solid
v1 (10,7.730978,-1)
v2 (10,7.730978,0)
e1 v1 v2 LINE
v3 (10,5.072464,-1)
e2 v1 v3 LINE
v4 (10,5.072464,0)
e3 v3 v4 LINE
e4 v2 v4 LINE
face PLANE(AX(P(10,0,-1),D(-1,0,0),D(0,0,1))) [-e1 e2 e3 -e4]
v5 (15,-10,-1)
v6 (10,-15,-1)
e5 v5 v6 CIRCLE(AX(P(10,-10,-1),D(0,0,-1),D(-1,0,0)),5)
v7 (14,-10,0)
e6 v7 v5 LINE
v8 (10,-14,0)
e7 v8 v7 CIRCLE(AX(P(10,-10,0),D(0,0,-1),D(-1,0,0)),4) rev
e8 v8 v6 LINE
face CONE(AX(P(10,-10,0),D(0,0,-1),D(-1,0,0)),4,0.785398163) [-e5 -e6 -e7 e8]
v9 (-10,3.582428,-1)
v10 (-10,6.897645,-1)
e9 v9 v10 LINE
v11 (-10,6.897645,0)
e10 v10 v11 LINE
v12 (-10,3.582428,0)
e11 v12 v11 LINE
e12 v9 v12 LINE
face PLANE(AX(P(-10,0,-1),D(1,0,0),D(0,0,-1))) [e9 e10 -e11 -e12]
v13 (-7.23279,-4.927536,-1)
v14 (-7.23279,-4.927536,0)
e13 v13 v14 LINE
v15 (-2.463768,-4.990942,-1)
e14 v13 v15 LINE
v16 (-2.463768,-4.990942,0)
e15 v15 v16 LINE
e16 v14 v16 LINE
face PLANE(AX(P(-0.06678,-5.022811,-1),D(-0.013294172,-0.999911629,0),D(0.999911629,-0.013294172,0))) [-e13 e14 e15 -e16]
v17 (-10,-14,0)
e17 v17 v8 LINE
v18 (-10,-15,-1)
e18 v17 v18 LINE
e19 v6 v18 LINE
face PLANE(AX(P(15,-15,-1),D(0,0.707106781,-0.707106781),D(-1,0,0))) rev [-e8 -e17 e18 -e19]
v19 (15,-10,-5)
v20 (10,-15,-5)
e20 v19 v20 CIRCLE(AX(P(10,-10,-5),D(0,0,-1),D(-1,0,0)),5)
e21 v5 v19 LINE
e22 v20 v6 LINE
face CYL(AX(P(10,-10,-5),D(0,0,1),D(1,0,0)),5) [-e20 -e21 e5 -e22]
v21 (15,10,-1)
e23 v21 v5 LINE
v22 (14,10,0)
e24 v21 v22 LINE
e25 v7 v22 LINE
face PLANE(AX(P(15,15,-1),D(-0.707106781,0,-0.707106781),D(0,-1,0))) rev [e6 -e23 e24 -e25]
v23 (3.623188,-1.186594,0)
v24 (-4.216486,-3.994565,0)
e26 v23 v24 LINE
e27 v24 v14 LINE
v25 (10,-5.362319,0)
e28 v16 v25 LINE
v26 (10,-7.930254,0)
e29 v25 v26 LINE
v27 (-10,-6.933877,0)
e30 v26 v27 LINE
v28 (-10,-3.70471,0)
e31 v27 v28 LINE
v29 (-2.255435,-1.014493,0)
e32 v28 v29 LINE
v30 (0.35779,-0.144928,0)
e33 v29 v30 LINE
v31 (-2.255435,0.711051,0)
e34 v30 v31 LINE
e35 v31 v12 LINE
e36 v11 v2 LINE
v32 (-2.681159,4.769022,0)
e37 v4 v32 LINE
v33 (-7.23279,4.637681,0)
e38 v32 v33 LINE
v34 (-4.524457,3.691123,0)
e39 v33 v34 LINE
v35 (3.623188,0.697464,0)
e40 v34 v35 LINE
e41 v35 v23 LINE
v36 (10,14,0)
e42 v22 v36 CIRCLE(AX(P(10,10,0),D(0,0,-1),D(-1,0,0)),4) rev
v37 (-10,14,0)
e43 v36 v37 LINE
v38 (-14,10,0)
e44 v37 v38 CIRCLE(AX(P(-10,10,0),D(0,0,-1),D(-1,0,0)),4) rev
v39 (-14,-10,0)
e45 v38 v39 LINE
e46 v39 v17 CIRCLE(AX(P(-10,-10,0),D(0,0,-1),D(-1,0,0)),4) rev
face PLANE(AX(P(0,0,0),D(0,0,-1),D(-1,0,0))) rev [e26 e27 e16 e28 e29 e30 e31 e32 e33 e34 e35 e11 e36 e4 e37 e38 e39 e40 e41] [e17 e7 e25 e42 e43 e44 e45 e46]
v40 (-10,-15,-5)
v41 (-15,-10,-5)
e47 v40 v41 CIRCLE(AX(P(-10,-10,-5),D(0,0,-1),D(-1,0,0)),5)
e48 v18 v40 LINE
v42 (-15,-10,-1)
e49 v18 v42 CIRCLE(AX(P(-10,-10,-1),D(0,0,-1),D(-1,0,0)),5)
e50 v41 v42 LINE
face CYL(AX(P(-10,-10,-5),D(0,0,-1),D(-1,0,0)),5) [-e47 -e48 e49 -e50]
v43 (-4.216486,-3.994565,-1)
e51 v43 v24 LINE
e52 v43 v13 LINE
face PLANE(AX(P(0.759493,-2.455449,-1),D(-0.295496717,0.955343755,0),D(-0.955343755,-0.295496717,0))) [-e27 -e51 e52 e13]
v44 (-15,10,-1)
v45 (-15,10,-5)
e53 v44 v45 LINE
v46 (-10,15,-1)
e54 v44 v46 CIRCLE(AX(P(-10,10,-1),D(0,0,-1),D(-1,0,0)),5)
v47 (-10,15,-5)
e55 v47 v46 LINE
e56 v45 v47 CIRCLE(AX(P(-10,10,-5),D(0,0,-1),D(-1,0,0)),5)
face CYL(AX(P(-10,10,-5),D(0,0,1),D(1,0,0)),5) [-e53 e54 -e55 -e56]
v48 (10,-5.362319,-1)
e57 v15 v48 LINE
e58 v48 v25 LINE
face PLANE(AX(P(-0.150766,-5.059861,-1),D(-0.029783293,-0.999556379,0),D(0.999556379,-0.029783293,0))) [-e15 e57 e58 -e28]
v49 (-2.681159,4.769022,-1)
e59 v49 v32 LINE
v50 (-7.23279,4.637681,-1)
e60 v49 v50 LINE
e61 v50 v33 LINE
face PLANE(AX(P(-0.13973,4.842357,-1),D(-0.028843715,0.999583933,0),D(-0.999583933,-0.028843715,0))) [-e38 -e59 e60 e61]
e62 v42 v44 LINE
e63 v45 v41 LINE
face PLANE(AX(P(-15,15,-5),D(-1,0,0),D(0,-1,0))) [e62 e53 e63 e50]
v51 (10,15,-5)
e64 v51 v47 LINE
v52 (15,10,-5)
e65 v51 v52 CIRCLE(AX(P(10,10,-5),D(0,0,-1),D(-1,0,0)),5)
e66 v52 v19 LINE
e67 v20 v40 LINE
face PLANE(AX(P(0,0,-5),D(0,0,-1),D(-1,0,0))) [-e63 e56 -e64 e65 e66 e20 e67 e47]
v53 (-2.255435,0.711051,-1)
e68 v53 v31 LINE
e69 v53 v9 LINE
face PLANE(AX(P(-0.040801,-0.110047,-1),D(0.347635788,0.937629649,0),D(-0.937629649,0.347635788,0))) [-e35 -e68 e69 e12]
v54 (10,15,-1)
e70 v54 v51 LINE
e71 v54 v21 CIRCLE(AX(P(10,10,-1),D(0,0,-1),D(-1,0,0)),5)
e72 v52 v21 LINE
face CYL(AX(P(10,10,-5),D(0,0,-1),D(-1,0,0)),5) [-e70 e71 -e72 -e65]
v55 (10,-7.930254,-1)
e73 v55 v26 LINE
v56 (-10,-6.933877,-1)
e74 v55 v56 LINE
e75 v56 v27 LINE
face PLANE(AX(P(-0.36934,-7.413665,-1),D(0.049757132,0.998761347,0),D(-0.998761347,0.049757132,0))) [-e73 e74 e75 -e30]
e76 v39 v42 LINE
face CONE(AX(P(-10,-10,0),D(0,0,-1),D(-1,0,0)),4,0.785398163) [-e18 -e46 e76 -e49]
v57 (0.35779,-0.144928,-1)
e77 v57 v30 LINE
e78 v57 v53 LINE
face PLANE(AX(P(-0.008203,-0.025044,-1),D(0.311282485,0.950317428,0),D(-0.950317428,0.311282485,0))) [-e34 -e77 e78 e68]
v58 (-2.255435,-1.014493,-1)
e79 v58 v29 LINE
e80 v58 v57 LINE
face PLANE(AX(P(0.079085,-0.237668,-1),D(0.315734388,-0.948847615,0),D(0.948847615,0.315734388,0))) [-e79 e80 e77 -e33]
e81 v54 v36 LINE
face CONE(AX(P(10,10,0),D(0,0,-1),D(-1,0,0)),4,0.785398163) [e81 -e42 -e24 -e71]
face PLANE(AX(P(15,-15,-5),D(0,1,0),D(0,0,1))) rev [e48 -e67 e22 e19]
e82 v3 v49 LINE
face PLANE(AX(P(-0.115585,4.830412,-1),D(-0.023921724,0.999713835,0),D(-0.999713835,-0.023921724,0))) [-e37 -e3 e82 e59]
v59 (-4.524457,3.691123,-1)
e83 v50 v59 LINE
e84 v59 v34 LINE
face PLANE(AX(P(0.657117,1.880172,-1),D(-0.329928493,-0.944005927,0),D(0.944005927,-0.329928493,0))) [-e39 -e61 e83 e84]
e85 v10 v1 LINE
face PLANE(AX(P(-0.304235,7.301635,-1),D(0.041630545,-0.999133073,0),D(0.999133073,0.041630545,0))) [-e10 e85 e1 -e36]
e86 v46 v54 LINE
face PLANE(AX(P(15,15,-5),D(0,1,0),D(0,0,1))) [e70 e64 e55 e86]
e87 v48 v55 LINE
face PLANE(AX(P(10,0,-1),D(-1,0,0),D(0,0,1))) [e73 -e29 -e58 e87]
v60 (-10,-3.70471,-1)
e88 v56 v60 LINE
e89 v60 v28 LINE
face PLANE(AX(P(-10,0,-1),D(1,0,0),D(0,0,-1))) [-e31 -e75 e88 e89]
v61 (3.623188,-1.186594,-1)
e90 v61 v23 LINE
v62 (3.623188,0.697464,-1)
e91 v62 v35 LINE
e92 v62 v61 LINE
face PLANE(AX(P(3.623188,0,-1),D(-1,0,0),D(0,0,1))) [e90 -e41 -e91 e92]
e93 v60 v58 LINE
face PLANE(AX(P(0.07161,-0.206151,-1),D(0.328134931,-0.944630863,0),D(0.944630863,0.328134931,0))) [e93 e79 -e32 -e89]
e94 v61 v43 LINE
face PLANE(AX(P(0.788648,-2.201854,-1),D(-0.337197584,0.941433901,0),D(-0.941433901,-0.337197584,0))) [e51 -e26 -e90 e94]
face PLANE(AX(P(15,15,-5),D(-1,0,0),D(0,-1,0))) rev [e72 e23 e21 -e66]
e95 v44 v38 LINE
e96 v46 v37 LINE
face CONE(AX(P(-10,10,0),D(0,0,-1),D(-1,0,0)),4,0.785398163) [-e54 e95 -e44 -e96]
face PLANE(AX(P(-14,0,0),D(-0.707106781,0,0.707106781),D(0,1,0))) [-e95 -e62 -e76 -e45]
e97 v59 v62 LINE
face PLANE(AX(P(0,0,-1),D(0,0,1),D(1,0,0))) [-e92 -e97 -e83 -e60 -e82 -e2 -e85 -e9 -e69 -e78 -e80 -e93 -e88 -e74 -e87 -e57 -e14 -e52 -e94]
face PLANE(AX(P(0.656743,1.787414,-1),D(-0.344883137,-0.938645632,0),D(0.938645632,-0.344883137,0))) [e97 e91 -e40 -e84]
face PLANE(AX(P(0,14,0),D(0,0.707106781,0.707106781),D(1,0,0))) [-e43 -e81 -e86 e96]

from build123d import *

# Parameters (mm, degrees)
SKETCH1_W             = 30
SKETCH1_H             = 30
BOSS_EXTRUDE1_DEPTH   = 5
SKETCH1_3_OUTSIDE_W   = 40.544
SKETCH1_3_OUTSIDE_H   = 40.544
SKETCH1_3_OUTSIDE_W_2 = 30
SKETCH1_3_OUTSIDE_H_2 = 30
CUT_EXTRUDE1_DEPTH    = 1
FILLET1_R             = 5
CHAMFER1_SIZE         = 1


with BuildPart() as part:
    # Sketch1 → Boss-Extrude1 (new body)
    with BuildSketch(Plane(origin=(0, 0, 0), x_dir=(0, 1, 0), z_dir=(0, 0, 1))):
        Rectangle(SKETCH1_W, SKETCH1_H)
    extrude(amount=-BOSS_EXTRUDE1_DEPTH)

    # Sketch1<3> outside → Cut-Extrude1 (cut)
    # profile 1 of 2: a face of its own
    with BuildSketch(Plane(origin=(0, 0, 0), x_dir=(0, 1, 0), z_dir=(0, 0, 1))):
        Rectangle(SKETCH1_3_OUTSIDE_W, SKETCH1_3_OUTSIDE_H)
        Rectangle(SKETCH1_3_OUTSIDE_W_2, SKETCH1_3_OUTSIDE_H_2, mode=Mode.SUBTRACT)
    # profile 2 of 2: a face of its own
    with BuildSketch(Plane(origin=(0, 0, 0), x_dir=(0, 1, 0), z_dir=(0, 0, 1))):
        Polygon((7.730978261, -10), (5.072463768, -10), (4.769021739, 2.68115942), (4.637681159, 7.232789855), (3.691123188, 4.524456522), (0.697463768, -3.623188406), (-1.186594203, -3.623188406), (-3.994565217, 4.216485507), (-4.927536232, 7.232789855), (-4.990942029, 2.463768116), (-5.362318841, -10), (-7.930253623, -10), (-6.933876812, 10), (-3.704710145, 10), (-1.014492754, 2.255434783), (-0.144927536, -0.357789855), (0.711050725, 2.255434783), (3.582427536, 10), (6.897644928, 10), align=None)
    extrude(amount=-CUT_EXTRUDE1_DEPTH, mode=Mode.SUBTRACT)

    # Fillet1
    fillet1_edges = [part.edges().sort_by_distance(p)[0] for p in [
        (15, 15, -2.5),
        (-15, 15, -2.5),
        (-15, -15, -2.5),
        (15, -15, -2.5),
    ]]
    fillet(fillet1_edges, radius=FILLET1_R)

    # Chamfer1
    chamfer1_edges = [part.edges().sort_by_distance(p)[0] for p in [
        (0, 15, 0),
        (15, 0, 0),
        (-15, 0, 0),
        (0, -15, 0),
        (-13.535533906, -13.535533906, 0),
        (13.535533906, -13.535533906, 0),
        (13.535533906, 13.535533906, 0),
        (-13.535533906, 13.535533906, 0),
    ]]
    chamfer(chamfer1_edges, length=CHAMFER1_SIZE)


solid = part.part
